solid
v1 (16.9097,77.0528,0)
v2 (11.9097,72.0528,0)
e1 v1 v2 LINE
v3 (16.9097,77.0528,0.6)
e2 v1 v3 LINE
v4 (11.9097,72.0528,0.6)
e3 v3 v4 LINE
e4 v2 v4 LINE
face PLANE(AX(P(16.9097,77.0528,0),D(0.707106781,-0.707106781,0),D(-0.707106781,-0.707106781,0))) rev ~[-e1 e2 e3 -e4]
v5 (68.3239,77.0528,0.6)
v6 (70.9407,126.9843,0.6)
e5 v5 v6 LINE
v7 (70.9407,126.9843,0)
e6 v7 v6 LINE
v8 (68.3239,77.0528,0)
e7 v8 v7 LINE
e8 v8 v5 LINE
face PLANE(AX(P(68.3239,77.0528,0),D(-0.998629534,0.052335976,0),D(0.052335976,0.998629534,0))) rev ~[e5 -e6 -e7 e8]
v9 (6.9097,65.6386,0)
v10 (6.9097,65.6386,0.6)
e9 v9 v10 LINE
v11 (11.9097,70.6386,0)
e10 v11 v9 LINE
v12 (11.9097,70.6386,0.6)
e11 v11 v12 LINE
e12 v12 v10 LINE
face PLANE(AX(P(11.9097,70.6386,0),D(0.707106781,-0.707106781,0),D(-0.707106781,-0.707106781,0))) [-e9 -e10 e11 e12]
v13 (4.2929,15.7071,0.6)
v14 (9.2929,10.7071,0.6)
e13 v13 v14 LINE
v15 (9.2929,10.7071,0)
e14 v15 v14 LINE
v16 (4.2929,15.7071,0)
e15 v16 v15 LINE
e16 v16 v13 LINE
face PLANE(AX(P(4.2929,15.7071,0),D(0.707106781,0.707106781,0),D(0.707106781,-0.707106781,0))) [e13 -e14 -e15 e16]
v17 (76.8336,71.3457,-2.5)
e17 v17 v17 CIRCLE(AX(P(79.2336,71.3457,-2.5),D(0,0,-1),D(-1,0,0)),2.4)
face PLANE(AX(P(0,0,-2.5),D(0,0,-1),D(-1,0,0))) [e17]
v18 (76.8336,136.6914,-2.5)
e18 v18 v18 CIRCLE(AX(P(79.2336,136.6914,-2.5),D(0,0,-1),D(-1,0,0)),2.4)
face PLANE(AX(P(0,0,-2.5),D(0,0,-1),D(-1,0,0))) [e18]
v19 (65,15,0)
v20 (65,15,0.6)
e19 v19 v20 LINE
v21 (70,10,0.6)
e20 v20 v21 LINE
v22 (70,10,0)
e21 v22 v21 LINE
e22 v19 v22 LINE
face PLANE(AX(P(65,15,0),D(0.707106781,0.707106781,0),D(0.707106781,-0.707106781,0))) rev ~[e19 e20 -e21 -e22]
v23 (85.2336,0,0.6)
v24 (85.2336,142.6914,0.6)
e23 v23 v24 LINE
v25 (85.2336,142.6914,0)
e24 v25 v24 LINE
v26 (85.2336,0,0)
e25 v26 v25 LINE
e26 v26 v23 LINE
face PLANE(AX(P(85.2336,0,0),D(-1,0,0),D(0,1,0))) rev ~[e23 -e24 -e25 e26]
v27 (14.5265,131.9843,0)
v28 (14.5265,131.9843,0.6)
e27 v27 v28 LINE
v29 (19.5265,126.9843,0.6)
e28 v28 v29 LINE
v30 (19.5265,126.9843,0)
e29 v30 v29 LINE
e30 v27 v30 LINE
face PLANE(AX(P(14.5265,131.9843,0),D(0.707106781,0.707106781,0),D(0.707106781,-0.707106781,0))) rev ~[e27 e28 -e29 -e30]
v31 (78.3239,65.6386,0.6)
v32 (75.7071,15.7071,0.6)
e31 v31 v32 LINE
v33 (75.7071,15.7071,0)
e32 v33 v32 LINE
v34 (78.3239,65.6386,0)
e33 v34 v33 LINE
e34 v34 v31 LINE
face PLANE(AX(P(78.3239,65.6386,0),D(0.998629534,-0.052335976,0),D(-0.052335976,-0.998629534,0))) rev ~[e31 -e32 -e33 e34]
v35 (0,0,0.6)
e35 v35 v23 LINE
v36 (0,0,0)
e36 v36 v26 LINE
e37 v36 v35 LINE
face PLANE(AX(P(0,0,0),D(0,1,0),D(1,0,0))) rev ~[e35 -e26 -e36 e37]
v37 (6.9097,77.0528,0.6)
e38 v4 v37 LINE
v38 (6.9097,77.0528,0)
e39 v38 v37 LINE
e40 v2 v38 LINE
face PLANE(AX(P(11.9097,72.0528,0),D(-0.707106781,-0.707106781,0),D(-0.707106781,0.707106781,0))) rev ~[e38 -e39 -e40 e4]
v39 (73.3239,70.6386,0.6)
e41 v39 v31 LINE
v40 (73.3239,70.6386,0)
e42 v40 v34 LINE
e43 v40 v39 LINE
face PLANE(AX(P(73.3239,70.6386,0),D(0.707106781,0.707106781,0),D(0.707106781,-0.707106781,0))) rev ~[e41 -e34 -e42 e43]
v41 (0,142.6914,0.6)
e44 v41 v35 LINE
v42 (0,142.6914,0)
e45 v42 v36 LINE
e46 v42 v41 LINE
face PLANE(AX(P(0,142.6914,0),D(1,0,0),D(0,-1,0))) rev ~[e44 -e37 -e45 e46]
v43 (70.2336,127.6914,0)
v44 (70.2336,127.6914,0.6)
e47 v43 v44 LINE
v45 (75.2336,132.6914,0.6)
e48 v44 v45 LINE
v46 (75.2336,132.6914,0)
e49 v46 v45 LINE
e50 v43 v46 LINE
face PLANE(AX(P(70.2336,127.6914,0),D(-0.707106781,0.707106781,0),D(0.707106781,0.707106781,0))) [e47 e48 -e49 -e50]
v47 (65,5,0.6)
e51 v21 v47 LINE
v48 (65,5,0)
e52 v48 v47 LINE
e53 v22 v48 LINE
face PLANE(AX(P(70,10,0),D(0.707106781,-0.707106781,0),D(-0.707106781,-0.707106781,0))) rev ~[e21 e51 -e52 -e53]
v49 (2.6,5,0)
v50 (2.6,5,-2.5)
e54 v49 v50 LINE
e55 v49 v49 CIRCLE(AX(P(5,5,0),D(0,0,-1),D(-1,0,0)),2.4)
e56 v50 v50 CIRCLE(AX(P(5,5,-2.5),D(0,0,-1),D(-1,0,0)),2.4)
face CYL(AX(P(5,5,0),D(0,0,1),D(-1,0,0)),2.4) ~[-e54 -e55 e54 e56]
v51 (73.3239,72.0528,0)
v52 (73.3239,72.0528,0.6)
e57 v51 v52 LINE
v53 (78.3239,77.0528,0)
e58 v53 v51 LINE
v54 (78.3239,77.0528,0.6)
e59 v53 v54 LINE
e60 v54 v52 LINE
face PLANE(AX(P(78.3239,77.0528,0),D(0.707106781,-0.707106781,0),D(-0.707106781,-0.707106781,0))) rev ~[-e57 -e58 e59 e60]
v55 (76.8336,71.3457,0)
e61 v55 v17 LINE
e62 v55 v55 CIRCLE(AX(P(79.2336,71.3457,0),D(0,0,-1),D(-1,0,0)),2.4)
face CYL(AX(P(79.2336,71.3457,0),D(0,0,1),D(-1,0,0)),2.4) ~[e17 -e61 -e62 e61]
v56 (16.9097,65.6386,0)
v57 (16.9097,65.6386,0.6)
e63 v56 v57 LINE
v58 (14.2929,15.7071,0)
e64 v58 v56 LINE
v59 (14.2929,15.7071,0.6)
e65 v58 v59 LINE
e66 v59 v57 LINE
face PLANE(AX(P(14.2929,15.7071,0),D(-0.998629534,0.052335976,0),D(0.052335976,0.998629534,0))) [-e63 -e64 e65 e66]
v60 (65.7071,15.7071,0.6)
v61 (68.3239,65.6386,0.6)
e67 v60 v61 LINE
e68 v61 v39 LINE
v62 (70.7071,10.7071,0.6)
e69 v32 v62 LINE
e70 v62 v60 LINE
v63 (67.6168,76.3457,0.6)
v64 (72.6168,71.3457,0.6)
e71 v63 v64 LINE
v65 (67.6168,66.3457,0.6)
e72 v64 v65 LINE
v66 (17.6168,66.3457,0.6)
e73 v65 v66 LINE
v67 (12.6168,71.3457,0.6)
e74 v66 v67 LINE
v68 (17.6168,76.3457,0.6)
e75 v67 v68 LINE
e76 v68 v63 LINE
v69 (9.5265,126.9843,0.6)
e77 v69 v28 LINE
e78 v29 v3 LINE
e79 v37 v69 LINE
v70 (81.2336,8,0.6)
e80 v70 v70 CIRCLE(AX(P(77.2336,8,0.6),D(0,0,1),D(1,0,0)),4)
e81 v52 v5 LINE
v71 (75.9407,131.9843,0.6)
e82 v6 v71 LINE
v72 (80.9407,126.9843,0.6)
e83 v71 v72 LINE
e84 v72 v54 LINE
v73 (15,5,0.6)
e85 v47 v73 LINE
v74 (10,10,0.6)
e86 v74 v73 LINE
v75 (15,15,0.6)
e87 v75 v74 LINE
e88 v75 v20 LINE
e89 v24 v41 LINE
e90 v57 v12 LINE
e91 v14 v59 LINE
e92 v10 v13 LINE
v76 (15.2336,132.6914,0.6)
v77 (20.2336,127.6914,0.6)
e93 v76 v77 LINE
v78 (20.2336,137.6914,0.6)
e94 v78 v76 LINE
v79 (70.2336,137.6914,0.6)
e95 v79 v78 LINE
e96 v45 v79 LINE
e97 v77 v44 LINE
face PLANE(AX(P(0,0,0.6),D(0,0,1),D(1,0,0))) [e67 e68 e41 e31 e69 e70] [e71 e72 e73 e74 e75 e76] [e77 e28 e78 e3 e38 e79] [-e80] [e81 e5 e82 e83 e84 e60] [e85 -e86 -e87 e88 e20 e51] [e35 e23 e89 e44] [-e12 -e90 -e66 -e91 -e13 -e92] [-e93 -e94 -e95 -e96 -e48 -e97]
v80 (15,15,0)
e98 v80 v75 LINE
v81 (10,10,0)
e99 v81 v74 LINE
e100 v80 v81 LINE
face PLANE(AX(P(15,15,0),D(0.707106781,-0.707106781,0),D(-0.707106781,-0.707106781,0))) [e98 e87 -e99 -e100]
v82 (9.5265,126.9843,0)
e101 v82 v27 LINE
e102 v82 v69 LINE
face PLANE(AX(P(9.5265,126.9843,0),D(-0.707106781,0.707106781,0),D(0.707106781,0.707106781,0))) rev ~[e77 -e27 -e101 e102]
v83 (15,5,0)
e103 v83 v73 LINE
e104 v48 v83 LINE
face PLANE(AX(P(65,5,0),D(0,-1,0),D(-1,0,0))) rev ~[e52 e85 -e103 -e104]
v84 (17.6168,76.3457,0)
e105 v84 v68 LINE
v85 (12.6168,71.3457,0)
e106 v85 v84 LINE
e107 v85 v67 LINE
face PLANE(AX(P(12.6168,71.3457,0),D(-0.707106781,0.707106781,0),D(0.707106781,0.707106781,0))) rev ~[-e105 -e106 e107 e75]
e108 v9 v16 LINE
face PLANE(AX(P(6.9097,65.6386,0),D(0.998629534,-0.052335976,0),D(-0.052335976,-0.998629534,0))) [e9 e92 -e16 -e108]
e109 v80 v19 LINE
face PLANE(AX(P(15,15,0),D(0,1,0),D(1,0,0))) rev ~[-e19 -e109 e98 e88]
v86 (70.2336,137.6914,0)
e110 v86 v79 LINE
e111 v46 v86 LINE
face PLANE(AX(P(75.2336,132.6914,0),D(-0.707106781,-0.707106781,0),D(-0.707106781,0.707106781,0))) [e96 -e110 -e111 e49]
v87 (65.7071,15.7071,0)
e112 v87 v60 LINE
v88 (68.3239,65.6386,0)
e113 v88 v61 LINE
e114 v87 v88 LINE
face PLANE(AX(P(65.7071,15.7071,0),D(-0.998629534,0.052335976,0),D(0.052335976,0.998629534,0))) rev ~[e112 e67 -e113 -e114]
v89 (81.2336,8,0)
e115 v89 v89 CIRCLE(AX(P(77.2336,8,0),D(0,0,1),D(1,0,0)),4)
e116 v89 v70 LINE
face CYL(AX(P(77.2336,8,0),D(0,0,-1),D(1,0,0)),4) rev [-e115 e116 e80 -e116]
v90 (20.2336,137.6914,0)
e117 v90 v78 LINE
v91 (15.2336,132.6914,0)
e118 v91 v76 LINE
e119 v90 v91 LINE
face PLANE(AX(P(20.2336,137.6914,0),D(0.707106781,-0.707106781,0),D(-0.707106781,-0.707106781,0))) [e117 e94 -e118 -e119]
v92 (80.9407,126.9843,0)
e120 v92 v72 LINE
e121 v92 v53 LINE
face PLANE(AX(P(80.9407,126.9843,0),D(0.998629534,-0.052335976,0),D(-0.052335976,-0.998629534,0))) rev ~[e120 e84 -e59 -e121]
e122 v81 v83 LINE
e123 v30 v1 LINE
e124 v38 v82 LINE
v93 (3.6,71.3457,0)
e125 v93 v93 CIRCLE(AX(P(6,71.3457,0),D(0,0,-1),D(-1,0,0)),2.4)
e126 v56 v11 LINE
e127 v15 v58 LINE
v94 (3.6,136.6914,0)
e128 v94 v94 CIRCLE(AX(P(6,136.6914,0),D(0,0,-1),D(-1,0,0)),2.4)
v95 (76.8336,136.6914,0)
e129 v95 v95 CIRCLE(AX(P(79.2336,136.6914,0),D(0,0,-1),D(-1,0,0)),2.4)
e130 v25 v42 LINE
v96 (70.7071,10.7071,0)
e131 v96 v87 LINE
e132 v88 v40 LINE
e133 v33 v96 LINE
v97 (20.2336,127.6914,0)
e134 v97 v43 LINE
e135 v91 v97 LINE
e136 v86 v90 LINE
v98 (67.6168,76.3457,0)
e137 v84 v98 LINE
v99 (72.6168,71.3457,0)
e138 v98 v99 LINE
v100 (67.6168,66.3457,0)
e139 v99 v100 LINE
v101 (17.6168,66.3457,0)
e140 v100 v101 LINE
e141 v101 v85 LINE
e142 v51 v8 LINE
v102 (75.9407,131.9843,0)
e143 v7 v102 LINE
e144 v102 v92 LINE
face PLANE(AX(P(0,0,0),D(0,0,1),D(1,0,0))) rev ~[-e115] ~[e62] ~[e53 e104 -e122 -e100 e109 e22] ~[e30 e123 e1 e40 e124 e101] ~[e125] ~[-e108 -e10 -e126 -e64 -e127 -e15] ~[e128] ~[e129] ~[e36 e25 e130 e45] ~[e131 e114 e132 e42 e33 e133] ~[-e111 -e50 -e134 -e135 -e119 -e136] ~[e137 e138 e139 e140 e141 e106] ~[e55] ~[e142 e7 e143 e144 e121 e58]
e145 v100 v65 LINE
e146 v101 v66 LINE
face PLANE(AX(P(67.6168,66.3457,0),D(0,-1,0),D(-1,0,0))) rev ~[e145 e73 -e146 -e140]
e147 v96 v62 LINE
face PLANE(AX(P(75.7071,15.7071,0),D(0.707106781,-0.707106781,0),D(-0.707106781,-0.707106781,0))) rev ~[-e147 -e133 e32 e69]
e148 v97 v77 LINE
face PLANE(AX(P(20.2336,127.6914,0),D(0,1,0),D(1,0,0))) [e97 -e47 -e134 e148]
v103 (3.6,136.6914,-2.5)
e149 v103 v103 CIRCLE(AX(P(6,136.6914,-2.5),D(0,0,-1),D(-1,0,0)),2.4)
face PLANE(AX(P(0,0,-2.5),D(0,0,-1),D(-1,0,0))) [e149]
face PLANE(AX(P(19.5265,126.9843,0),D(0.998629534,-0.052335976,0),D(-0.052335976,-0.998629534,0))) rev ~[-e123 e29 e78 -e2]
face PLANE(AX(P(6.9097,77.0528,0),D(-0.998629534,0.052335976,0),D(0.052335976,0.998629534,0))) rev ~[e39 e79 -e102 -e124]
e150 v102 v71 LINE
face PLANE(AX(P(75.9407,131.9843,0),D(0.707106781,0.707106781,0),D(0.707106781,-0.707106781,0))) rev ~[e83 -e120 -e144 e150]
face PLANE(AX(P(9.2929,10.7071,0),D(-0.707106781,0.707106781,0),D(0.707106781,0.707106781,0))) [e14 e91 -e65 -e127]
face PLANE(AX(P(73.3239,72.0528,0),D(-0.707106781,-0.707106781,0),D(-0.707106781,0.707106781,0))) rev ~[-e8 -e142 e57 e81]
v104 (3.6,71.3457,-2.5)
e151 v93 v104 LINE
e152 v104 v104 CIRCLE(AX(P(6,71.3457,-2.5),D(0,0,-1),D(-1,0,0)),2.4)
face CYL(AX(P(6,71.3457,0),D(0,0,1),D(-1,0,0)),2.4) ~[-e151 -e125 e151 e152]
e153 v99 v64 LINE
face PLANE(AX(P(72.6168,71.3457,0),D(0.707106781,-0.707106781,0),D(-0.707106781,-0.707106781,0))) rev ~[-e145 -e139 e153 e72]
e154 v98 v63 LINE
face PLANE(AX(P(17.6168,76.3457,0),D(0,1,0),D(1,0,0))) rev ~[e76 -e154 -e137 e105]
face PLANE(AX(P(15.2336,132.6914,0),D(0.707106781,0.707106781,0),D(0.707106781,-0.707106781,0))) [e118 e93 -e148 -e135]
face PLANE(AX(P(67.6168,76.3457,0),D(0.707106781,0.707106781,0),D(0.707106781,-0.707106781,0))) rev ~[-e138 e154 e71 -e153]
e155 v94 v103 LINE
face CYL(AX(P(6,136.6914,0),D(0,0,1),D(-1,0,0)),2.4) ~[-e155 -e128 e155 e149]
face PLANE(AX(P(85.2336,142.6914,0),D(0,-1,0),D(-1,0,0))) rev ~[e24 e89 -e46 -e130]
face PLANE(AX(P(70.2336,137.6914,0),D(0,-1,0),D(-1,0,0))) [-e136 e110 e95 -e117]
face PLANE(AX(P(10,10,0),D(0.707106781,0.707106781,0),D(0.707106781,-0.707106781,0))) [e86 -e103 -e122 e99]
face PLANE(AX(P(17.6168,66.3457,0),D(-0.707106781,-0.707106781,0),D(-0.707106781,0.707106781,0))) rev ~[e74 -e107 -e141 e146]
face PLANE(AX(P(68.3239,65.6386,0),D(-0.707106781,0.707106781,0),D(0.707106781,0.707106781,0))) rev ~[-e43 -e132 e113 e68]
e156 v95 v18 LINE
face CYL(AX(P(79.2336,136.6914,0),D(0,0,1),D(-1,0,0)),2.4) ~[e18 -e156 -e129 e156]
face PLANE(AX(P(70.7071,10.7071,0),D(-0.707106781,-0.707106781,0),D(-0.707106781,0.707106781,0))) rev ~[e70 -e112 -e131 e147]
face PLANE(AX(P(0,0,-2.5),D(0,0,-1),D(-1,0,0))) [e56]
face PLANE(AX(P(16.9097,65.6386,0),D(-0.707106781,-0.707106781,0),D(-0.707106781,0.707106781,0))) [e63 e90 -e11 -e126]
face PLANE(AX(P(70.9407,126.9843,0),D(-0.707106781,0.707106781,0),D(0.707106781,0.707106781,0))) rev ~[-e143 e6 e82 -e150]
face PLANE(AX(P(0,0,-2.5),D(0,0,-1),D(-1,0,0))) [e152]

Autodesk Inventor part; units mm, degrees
ref_plane "YZ Plane" through (0, 0, 0) normal (1, 0, 0) x (0, 1, 0)
ref_plane "XZ Plane" through (0, 0, 0) normal (0, 1, 0) x (-1, 0, 0)
ref_plane "XY Plane" through (0, 0, 0) normal (0, 0, 1) x (1, 0, 0)
sketch "Skizze1" plane through (0, 0, 0) normal (0, 0, 1) x (1, 0, 0)
  line L0 (0, 0) -> (85.2336, 0)
  line L1 (85.2336, 0) -> (85.2336, 142.6914)
  line L2 (85.2336, 142.6914) -> (0, 142.6914)
  line L3 (0, 142.6914) -> (0, 0)
  circle A0 centre (77.2336, 8) radius 4
  line L4 (20.2336, 137.6914) -> (15.2336, 132.6914)
  line L5 (15.2336, 132.6914) -> (20.2336, 127.6914)
  line L6 (20.2336, 127.6914) -> (70.2336, 127.6914)
  line L7 (70.2336, 127.6914) -> (75.2336, 132.6914)
  line L8 (75.2336, 132.6914) -> (70.2336, 137.6914)
  line L9 (70.2336, 137.6914) -> (20.2336, 137.6914)
  line L10 (14.5265, 131.9843) -> (19.5265, 126.9843)
  line L11 (19.5265, 126.9843) -> (16.9097, 77.0528)
  line L12 (16.9097, 77.0528) -> (11.9097, 72.0528)
  line L13 (11.9097, 72.0528) -> (6.9097, 77.0528)
  line L14 (6.9097, 77.0528) -> (9.5265, 126.9843)
  line L15 (9.5265, 126.9843) -> (14.5265, 131.9843)
  line L16 (75.9407, 131.9843) -> (80.9407, 126.9843)
  line L17 (80.9407, 126.9843) -> (78.3239, 77.0528)
  line L18 (78.3239, 77.0528) -> (73.3239, 72.0528)
  line L19 (73.3239, 72.0528) -> (68.3239, 77.0528)
  line L20 (68.3239, 77.0528) -> (70.9407, 126.9843)
  line L21 (70.9407, 126.9843) -> (75.9407, 131.9843)
  line L22 (11.9097, 70.6386) -> (6.9097, 65.6386)
  line L23 (6.9097, 65.6386) -> (4.2929, 15.7071)
  line L24 (4.2929, 15.7071) -> (9.2929, 10.7071)
  line L25 (9.2929, 10.7071) -> (14.2929, 15.7071)
  line L26 (14.2929, 15.7071) -> (16.9097, 65.6386)
  line L27 (16.9097, 65.6386) -> (11.9097, 70.6386)
  line L28 (12.6168, 71.3457) -> (17.6168, 76.3457)
  line L29 (17.6168, 76.3457) -> (67.6168, 76.3457)
  line L30 (67.6168, 76.3457) -> (72.6168, 71.3457)
  line L31 (72.6168, 71.3457) -> (67.6168, 66.3457)
  line L32 (67.6168, 66.3457) -> (17.6168, 66.3457)
  line L33 (17.6168, 66.3457) -> (12.6168, 71.3457)
  line L34 (15, 15) -> (65, 15)
  line L35 (65, 15) -> (70, 10)
  line L36 (70, 10) -> (65, 5)
  line L37 (65, 5) -> (15, 5)
  line L38 (15, 15) -> (10, 10)
  line L39 (10, 10) -> (15, 5)
  line L40 (70.7071, 10.7071) -> (65.7071, 15.7071)
  line L41 (65.7071, 15.7071) -> (68.3239, 65.6386)
  line L42 (68.3239, 65.6386) -> (73.3239, 70.6386)
  line L43 (73.3239, 70.6386) -> (78.3239, 65.6386)
  line L44 (78.3239, 65.6386) -> (75.7071, 15.7071)
  line L45 (75.7071, 15.7071) -> (70.7071, 10.7071)
  dimension "d24" = 8
  dimension "d25" = 8
  dimension "d26" = 8
  dimension "d27" = 5
  dimension "d28" = 10
  dimension "d30" = 1
  dimension "d31" = 3
  dimension "d32" = 0
  dimension "d33" = 10
  dimension "d34" = 135
  dimension "d35" = 1
  dimension "d36" = 0
  dimension "d37" = 1
  dimension "d38" = 0
  dimension "d39" = 1
  dimension "d40" = 0
  dimension "d41" = 1
  dimension "d42" = 5
  dimension "d43" = 10
  dimension "d44" = 1
  dimension "d45" = 1
  dimension "d48" = 50
  dimension "d49" = 85.2336
  dimension "d50" = 142.6914
extrude "Extrusion1" add sketch "Skizze1" along normal blind 0.6
sketch "Skizze3" plane through (0, 0, 0) normal (0, 0, -1) x (-1, 0, 0)
  circle A0 centre (-79.2336, 71.3457) radius 2.5 construction
  circle A1 centre (-5, 5) radius 2.5 construction
  circle A2 centre (-6, 71.3457) radius 2.5 construction
  circle A3 centre (-6, 136.6914) radius 2.5 construction
  circle A4 centre (-79.2336, 136.6914) radius 2.5 construction
  circle A5 centre (-79.2336, 136.6914) radius 2.4
  circle A6 centre (-6, 136.6914) radius 2.4
  circle A7 centre (-79.2336, 71.3457) radius 2.4
  circle A8 centre (-6, 71.3457) radius 2.4
  circle A9 centre (-5, 5) radius 2.4
  point P0 (0, 0)
  dimension "d51" = 4.8
  dimension "d52" = 4.8
  dimension "d53" = 4.8
  dimension "d54" = 4.8
  dimension "d55" = 4.8
extrude "Extrusion2" add sketch "Skizze3" along normal blind 2.5
properties part number "Cover-7-Segment"
